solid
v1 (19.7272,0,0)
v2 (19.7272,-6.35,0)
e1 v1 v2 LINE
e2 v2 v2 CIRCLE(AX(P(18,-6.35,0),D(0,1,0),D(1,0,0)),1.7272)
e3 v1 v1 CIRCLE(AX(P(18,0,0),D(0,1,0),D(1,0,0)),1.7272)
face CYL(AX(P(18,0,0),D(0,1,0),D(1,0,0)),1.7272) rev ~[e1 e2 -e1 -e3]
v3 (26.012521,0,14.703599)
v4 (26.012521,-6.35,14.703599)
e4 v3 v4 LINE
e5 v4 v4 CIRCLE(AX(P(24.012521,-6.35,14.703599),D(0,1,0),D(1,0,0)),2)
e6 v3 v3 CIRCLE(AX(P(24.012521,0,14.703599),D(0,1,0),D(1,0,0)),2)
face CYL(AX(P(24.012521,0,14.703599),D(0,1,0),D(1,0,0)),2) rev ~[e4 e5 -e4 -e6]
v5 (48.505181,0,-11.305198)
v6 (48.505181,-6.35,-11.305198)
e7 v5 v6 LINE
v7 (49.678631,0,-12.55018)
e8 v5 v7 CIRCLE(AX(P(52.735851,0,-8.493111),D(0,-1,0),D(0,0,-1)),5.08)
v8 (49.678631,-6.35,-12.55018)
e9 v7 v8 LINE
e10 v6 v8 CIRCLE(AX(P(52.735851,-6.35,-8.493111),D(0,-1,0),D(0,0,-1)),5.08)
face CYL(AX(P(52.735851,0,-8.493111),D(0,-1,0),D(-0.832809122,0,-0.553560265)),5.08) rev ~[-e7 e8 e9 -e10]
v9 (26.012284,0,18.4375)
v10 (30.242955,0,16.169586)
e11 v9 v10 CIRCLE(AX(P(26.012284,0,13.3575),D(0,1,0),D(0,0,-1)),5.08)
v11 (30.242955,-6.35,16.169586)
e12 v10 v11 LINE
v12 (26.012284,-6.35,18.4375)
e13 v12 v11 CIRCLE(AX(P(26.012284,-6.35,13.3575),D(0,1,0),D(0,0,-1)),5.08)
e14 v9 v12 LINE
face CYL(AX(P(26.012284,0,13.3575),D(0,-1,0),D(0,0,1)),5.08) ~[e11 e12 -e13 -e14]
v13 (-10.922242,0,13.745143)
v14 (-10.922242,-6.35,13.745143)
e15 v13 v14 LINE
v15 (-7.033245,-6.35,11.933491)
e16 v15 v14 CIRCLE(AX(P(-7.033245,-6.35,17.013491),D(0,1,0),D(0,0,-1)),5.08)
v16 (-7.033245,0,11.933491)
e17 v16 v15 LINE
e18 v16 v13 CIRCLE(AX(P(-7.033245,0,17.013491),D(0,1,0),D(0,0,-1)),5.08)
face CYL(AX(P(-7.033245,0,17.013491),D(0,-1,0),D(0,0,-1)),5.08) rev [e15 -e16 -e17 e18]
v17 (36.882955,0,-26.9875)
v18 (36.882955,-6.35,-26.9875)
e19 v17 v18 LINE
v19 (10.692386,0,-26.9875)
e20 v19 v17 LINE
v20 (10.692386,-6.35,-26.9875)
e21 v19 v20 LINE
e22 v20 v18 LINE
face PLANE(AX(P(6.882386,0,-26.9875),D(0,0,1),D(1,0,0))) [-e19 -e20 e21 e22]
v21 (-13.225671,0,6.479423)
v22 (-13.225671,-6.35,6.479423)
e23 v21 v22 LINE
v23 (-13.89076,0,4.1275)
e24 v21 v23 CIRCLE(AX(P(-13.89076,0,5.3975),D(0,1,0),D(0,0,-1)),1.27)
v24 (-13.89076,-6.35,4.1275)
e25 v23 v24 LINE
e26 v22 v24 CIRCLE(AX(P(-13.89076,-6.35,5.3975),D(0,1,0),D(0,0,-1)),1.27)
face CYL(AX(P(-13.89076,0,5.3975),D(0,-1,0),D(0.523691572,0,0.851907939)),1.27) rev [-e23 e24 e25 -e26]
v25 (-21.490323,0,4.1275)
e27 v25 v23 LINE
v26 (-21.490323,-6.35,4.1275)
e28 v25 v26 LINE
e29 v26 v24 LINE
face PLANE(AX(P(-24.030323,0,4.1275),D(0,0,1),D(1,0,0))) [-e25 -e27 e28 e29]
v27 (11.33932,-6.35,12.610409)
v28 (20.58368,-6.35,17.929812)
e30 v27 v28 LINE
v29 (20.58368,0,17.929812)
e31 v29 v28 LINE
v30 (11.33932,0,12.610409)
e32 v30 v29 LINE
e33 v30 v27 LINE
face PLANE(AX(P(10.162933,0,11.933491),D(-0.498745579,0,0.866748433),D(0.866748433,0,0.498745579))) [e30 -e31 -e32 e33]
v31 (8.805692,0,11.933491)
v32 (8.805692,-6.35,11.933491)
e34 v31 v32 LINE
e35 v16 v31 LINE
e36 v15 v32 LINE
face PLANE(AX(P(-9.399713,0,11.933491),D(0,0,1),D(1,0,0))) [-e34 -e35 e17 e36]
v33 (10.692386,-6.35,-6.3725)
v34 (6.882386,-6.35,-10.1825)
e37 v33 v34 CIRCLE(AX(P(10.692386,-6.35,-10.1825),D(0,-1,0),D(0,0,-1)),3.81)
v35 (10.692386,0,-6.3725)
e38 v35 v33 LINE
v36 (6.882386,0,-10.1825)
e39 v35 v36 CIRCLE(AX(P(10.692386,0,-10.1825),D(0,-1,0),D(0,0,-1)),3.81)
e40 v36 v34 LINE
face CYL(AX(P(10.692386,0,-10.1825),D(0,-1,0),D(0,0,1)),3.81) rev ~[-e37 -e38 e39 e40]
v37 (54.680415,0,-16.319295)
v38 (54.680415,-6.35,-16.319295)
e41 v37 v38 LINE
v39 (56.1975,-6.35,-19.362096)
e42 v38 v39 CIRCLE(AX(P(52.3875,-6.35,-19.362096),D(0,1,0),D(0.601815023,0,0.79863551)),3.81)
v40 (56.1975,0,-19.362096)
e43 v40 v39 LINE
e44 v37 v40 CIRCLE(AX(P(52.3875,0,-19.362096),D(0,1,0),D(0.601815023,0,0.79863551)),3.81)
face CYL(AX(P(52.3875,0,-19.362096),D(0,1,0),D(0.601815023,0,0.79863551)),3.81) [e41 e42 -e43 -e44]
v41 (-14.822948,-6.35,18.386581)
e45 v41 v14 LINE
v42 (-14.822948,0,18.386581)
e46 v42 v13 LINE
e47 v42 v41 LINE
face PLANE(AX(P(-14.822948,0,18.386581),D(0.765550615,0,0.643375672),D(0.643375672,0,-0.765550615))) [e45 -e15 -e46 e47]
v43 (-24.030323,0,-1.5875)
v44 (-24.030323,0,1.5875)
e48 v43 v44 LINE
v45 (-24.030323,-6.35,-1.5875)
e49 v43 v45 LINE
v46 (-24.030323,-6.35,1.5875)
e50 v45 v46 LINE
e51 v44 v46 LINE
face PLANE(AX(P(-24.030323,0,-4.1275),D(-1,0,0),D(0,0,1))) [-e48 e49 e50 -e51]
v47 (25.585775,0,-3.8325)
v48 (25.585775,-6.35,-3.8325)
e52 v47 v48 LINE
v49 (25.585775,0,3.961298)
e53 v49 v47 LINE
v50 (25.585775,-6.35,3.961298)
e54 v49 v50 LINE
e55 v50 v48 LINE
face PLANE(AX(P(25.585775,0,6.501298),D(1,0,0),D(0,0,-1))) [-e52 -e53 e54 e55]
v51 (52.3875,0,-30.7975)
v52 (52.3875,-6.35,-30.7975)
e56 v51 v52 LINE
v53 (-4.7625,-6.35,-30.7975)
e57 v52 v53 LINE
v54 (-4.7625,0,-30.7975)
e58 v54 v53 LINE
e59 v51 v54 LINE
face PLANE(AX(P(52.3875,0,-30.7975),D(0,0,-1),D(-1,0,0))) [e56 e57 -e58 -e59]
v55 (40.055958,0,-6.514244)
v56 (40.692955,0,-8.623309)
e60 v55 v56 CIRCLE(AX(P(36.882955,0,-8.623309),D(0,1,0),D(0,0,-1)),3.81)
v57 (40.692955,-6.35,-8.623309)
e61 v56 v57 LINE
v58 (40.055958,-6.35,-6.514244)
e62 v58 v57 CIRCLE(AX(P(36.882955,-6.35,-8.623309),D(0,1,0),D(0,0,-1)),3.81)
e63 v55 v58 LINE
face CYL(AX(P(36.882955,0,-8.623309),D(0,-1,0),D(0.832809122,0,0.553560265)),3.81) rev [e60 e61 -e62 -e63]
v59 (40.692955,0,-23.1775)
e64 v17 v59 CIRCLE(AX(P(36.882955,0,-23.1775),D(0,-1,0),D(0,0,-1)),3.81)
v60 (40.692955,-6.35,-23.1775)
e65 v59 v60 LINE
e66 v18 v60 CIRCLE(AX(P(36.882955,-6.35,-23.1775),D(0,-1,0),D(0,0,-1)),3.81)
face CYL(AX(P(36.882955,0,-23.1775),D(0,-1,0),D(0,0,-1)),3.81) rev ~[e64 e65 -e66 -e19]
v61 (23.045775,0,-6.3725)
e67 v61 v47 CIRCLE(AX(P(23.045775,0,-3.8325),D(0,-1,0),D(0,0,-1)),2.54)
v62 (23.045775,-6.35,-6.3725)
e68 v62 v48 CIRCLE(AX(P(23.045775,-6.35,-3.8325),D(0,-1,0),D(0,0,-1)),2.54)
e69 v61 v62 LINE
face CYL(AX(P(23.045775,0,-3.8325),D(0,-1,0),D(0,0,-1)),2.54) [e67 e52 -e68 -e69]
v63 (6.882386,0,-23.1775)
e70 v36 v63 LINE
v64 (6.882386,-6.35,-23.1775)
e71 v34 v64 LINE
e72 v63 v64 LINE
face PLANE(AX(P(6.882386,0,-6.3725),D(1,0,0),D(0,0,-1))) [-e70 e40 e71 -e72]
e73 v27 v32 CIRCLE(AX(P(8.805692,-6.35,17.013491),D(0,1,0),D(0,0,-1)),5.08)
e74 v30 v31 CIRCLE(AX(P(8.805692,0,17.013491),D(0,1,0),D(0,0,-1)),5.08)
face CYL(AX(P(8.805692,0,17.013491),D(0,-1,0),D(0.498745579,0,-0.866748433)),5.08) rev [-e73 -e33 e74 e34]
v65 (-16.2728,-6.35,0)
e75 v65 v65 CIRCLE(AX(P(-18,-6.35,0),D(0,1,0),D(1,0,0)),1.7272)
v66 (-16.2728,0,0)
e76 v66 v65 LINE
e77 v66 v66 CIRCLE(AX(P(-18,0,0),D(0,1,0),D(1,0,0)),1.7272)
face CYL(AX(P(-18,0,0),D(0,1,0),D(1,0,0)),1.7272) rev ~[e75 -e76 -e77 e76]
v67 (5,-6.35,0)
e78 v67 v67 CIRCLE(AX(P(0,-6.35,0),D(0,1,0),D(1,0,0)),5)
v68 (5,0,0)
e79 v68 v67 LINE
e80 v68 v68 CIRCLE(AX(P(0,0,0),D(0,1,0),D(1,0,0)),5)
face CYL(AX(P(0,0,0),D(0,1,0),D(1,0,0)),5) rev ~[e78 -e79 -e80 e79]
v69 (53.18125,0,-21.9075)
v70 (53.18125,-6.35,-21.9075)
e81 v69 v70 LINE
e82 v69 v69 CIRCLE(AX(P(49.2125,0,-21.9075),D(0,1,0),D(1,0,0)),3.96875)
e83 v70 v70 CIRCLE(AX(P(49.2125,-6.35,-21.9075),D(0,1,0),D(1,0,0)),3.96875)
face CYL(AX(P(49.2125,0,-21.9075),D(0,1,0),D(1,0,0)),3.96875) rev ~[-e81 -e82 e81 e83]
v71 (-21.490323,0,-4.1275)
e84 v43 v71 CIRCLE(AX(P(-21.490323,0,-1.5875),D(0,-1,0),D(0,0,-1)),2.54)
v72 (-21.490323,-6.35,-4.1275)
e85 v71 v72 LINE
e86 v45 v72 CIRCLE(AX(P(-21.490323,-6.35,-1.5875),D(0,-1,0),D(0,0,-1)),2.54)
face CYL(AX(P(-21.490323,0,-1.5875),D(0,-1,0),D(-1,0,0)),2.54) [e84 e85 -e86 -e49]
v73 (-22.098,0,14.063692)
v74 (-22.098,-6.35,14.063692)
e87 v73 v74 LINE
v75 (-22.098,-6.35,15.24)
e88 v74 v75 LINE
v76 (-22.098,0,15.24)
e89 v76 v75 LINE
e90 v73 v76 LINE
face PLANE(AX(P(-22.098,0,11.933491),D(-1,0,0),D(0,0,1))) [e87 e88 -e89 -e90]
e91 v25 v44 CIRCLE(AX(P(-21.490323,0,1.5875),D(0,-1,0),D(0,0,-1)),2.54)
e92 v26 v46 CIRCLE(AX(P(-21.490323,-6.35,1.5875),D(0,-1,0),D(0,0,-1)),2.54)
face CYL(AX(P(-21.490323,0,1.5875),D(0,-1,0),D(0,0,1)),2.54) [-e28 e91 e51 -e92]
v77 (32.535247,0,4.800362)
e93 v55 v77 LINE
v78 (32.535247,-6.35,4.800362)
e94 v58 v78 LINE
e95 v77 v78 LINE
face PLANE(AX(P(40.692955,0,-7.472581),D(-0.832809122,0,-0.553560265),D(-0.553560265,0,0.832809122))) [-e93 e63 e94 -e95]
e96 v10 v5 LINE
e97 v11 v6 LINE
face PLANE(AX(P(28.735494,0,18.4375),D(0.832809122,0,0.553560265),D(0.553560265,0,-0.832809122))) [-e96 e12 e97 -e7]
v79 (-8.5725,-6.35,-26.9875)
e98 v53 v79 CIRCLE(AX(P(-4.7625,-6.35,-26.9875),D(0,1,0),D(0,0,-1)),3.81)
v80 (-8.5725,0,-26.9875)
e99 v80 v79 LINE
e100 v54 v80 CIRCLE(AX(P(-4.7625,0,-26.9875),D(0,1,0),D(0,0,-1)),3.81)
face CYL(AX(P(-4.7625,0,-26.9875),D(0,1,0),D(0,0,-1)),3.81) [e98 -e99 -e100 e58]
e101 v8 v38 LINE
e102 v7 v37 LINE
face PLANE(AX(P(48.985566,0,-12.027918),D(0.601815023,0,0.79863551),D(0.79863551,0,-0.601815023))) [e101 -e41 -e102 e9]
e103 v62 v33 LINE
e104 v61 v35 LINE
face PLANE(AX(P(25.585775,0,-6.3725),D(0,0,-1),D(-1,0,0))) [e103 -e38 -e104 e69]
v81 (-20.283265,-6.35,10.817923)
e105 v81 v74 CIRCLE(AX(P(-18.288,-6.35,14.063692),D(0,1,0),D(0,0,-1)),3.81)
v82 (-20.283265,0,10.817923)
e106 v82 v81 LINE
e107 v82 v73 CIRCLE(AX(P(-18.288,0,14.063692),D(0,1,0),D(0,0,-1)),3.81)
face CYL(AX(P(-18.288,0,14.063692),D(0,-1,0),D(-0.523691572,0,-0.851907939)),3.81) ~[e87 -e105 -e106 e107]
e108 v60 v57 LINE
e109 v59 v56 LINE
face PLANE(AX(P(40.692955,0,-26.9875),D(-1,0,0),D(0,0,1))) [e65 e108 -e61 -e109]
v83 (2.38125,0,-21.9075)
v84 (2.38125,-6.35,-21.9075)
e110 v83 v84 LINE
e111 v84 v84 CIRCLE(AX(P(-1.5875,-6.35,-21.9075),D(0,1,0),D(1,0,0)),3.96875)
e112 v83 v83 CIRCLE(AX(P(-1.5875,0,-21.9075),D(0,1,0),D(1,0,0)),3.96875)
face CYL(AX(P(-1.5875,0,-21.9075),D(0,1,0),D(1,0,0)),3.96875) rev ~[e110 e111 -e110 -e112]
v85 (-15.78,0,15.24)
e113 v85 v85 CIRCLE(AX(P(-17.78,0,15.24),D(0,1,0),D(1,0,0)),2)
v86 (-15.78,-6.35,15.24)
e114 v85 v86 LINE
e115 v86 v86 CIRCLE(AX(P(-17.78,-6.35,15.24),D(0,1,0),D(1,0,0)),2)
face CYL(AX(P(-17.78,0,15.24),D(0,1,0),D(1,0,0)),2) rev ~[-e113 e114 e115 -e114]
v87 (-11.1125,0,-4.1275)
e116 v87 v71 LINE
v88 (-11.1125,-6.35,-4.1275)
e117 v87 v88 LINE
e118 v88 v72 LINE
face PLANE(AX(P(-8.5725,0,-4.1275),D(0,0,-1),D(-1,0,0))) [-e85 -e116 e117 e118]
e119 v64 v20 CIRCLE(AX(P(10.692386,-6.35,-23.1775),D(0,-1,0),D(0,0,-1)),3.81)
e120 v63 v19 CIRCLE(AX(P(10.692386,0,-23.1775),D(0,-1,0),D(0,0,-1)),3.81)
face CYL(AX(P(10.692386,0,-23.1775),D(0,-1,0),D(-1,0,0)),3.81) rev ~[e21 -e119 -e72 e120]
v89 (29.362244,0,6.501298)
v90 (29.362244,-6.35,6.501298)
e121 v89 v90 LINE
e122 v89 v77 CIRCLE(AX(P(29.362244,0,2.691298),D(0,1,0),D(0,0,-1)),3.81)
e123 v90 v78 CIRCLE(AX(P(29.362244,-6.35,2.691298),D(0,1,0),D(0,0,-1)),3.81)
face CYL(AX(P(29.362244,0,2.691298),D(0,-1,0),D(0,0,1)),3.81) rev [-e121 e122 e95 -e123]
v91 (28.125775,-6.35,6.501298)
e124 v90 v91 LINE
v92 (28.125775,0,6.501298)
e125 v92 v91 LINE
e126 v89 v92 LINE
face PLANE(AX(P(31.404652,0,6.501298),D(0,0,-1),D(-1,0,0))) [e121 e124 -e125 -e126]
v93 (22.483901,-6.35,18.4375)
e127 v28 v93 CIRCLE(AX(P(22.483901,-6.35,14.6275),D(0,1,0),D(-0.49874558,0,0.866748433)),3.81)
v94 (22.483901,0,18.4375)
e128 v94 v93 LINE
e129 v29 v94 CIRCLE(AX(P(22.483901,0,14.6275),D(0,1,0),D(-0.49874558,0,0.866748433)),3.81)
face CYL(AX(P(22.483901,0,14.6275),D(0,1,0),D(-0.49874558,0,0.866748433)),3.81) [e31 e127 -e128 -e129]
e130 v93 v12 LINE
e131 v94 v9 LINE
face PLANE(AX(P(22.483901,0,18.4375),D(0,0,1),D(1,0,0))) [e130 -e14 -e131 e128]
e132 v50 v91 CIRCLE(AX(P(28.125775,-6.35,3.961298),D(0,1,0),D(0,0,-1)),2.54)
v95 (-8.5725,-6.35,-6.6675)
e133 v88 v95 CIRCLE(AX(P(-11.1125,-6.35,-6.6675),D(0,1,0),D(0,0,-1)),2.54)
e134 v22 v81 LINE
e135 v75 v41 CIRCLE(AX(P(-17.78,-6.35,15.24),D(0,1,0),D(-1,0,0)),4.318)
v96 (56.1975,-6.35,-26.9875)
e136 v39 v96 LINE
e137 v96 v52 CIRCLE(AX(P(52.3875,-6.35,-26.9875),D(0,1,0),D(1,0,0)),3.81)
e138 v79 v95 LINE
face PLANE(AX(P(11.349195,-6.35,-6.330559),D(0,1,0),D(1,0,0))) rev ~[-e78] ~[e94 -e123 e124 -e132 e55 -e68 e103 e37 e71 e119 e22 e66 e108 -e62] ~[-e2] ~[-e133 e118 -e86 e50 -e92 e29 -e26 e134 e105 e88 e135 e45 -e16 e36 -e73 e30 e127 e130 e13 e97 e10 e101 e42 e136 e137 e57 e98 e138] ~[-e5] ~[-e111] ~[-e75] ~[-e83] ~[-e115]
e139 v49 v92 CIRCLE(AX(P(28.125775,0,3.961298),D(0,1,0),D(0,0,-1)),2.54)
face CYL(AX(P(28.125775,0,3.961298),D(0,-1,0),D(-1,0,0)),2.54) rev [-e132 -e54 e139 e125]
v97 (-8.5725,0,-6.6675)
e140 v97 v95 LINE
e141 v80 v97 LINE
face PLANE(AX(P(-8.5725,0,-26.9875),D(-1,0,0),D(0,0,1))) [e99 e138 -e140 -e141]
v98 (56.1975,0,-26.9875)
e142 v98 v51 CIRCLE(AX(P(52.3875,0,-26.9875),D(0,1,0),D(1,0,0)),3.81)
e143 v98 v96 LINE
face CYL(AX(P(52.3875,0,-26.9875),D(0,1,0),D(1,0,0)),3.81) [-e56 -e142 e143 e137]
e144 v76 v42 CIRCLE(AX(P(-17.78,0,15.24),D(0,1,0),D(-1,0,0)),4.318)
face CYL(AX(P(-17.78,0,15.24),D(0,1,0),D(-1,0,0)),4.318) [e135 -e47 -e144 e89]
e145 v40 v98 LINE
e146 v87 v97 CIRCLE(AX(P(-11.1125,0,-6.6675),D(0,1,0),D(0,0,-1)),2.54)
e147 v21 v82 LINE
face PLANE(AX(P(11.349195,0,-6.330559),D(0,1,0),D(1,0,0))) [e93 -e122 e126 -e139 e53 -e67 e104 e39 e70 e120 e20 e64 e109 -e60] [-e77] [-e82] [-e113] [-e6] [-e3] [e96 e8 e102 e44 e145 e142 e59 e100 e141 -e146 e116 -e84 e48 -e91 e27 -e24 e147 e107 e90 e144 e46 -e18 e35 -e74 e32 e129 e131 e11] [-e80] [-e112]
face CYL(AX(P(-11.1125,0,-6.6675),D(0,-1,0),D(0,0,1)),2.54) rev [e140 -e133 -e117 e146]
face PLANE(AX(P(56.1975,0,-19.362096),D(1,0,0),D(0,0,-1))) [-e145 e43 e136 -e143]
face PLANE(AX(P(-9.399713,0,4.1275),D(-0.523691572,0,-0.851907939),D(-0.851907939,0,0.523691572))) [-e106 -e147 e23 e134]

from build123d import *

# Parameters (mm, degrees)
SKETCH4_R           = 2
SKETCH4_R_2         = 1.7272
SKETCH4_R_3         = 5
SKETCH4_R_4         = 3.96875
BOSS_EXTRUDE2_DEPTH = 6.35
FILLET1_R           = 5.08
FILLET7_R           = 3.81
FILLET9_R           = 5.08
FILLET10_R          = 1.27
FILLET11_R          = 3.81
FILLET12_R          = 2.54
FILLET13_R          = 3.81


with BuildPart() as part:
    # Sketch4 → Boss-Extrude2 (new body)
    with BuildSketch(Plane(origin=(0, 0, 0), x_dir=(1, 0, 0), z_dir=(0, 1, 0))):
        with BuildLine():
            Line((22.483900583, -18.4375), (28.735494078, -18.4375))
            Line((28.735494078, -18.4375), (48.985566477, 12.027918285))
            Line((48.985566477, 12.027918285), (54.680415238, 16.319294633))
            ThreePointArc((54.680415238, 16.319294633), (55.797199918, 17.662082259), (56.1975, 19.362095927))
            Line((56.1975, 19.362095927), (56.1975, 26.9875))
            ThreePointArc((56.1975, 26.9875), (55.081576836, 29.681576836), (52.3875, 30.7975))
            Line((52.3875, 30.7975), (-4.7625, 30.7975))
            ThreePointArc((-4.7625, 30.7975), (-7.456576836, 29.681576836), (-8.5725, 26.9875))
            Line((-8.5725, 26.9875), (-8.5725, 12.607500122))
            Line((-8.5725, 12.607500122), (-8.5725, 4.1275))
            Line((-8.5725, 4.1275), (-24.03032317, 4.1275))
            Line((-24.03032317, 4.1275), (-24.03032317, -4.1275))
            Line((-24.03032317, -4.1275), (-9.399713355, -4.1275))
            Line((-9.399713355, -4.1275), (-22.098, -11.933490986))
            Line((-22.098, -11.933490986), (-22.098, -15.24))
            ThreePointArc((-22.098, -15.24), (-19.494143335, -19.203185162), (-14.822948297, -18.386580561))
            Line((-14.822948297, -18.386580561), (-9.399713355, -11.933490986))
            Line((-9.399713355, -11.933490986), (10.16293305, -11.933490986))
            Line((10.16293305, -11.933490986), (20.583679925, -17.929811531))
            ThreePointArc((20.583679925, -17.929811531), (21.500464498, -18.308390309), (22.483900583, -18.4375))
        make_face()
        with Locations((-17.78, -15.24)):
            Circle(SKETCH4_R, mode=Mode.SUBTRACT)
        with Locations((-18.000000004, 0)):
            Circle(SKETCH4_R_2, mode=Mode.SUBTRACT)
        Circle(SKETCH4_R_3, mode=Mode.SUBTRACT)
        with Locations((24.012521227, -14.703599027)):
            Circle(SKETCH4_R, mode=Mode.SUBTRACT)
        with Locations((18.000000004, 0)):
            Circle(SKETCH4_R_2, mode=Mode.SUBTRACT)
        with Locations((-1.5875, 21.9075)):
            Circle(SKETCH4_R_4, mode=Mode.SUBTRACT)
        Polygon((6.882386285, 6.3725), (6.882386285, 26.9875), (40.692955064, 26.9875), (40.692955064, 7.472580753), (31.404651622, -6.501297657), (25.585775375, -6.501297657), (25.585775375, 6.3725), align=None, mode=Mode.SUBTRACT)
        with Locations((49.2125, 21.9075)):
            Circle(SKETCH4_R_4, mode=Mode.SUBTRACT)
    extrude(amount=-BOSS_EXTRUDE2_DEPTH)

    # Fillet1
    fillet1_edges = [part.edges().sort_by_distance(p)[0] for p in [
        (48.985566477, -3.175, -12.027918285),
        (28.735494078, -3.175, 18.4375),
    ]]
    fillet(fillet1_edges, radius=FILLET1_R)

    # Fillet7
    fillet7_edges = [part.edges().sort_by_distance(p)[0] for p in [
        (40.692955064, -3.175, -7.472580753),
        (40.692955064, -3.175, -26.9875),
        (6.882386285, -3.175, -26.9875),
        (6.882386285, -3.175, -6.3725),
    ]]
    fillet(fillet7_edges, radius=FILLET7_R)

    # Fillet9
    fillet9_edges = [part.edges().sort_by_distance(p)[0] for p in [
        (10.16293305, -3.175, 11.933490986),
        (-9.399713355, -3.175, 11.933490986),
    ]]
    fillet(fillet9_edges, radius=FILLET9_R)

    # Fillet10
    fillet10_edges = [part.edges().sort_by_distance(p)[0] for p in [
        (-9.399713355, -3.175, 4.1275),
    ]]
    fillet(fillet10_edges, radius=FILLET10_R)

    # Fillet11
    fillet11_edges = [part.edges().sort_by_distance(p)[0] for p in [
        (-22.098, -3.175, 11.933490986),
    ]]
    fillet(fillet11_edges, radius=FILLET11_R)

    # Fillet12
    fillet12_edges = [part.edges().sort_by_distance(p)[0] for p in [
        (25.585775375, -3.175, -6.3725),
        (25.585775375, -3.175, 6.501297657),
        (-24.03032317, -3.175, 4.1275),
        (-24.03032317, -3.175, -4.1275),
        (-8.5725, -3.175, -4.1275),
    ]]
    fillet(fillet12_edges, radius=FILLET12_R)

    # Fillet13
    fillet13_edges = [part.edges().sort_by_distance(p)[0] for p in [
        (31.404651622, -3.175, 6.501297657),
    ]]
    fillet(fillet13_edges, radius=FILLET13_R)


solid = part.part
